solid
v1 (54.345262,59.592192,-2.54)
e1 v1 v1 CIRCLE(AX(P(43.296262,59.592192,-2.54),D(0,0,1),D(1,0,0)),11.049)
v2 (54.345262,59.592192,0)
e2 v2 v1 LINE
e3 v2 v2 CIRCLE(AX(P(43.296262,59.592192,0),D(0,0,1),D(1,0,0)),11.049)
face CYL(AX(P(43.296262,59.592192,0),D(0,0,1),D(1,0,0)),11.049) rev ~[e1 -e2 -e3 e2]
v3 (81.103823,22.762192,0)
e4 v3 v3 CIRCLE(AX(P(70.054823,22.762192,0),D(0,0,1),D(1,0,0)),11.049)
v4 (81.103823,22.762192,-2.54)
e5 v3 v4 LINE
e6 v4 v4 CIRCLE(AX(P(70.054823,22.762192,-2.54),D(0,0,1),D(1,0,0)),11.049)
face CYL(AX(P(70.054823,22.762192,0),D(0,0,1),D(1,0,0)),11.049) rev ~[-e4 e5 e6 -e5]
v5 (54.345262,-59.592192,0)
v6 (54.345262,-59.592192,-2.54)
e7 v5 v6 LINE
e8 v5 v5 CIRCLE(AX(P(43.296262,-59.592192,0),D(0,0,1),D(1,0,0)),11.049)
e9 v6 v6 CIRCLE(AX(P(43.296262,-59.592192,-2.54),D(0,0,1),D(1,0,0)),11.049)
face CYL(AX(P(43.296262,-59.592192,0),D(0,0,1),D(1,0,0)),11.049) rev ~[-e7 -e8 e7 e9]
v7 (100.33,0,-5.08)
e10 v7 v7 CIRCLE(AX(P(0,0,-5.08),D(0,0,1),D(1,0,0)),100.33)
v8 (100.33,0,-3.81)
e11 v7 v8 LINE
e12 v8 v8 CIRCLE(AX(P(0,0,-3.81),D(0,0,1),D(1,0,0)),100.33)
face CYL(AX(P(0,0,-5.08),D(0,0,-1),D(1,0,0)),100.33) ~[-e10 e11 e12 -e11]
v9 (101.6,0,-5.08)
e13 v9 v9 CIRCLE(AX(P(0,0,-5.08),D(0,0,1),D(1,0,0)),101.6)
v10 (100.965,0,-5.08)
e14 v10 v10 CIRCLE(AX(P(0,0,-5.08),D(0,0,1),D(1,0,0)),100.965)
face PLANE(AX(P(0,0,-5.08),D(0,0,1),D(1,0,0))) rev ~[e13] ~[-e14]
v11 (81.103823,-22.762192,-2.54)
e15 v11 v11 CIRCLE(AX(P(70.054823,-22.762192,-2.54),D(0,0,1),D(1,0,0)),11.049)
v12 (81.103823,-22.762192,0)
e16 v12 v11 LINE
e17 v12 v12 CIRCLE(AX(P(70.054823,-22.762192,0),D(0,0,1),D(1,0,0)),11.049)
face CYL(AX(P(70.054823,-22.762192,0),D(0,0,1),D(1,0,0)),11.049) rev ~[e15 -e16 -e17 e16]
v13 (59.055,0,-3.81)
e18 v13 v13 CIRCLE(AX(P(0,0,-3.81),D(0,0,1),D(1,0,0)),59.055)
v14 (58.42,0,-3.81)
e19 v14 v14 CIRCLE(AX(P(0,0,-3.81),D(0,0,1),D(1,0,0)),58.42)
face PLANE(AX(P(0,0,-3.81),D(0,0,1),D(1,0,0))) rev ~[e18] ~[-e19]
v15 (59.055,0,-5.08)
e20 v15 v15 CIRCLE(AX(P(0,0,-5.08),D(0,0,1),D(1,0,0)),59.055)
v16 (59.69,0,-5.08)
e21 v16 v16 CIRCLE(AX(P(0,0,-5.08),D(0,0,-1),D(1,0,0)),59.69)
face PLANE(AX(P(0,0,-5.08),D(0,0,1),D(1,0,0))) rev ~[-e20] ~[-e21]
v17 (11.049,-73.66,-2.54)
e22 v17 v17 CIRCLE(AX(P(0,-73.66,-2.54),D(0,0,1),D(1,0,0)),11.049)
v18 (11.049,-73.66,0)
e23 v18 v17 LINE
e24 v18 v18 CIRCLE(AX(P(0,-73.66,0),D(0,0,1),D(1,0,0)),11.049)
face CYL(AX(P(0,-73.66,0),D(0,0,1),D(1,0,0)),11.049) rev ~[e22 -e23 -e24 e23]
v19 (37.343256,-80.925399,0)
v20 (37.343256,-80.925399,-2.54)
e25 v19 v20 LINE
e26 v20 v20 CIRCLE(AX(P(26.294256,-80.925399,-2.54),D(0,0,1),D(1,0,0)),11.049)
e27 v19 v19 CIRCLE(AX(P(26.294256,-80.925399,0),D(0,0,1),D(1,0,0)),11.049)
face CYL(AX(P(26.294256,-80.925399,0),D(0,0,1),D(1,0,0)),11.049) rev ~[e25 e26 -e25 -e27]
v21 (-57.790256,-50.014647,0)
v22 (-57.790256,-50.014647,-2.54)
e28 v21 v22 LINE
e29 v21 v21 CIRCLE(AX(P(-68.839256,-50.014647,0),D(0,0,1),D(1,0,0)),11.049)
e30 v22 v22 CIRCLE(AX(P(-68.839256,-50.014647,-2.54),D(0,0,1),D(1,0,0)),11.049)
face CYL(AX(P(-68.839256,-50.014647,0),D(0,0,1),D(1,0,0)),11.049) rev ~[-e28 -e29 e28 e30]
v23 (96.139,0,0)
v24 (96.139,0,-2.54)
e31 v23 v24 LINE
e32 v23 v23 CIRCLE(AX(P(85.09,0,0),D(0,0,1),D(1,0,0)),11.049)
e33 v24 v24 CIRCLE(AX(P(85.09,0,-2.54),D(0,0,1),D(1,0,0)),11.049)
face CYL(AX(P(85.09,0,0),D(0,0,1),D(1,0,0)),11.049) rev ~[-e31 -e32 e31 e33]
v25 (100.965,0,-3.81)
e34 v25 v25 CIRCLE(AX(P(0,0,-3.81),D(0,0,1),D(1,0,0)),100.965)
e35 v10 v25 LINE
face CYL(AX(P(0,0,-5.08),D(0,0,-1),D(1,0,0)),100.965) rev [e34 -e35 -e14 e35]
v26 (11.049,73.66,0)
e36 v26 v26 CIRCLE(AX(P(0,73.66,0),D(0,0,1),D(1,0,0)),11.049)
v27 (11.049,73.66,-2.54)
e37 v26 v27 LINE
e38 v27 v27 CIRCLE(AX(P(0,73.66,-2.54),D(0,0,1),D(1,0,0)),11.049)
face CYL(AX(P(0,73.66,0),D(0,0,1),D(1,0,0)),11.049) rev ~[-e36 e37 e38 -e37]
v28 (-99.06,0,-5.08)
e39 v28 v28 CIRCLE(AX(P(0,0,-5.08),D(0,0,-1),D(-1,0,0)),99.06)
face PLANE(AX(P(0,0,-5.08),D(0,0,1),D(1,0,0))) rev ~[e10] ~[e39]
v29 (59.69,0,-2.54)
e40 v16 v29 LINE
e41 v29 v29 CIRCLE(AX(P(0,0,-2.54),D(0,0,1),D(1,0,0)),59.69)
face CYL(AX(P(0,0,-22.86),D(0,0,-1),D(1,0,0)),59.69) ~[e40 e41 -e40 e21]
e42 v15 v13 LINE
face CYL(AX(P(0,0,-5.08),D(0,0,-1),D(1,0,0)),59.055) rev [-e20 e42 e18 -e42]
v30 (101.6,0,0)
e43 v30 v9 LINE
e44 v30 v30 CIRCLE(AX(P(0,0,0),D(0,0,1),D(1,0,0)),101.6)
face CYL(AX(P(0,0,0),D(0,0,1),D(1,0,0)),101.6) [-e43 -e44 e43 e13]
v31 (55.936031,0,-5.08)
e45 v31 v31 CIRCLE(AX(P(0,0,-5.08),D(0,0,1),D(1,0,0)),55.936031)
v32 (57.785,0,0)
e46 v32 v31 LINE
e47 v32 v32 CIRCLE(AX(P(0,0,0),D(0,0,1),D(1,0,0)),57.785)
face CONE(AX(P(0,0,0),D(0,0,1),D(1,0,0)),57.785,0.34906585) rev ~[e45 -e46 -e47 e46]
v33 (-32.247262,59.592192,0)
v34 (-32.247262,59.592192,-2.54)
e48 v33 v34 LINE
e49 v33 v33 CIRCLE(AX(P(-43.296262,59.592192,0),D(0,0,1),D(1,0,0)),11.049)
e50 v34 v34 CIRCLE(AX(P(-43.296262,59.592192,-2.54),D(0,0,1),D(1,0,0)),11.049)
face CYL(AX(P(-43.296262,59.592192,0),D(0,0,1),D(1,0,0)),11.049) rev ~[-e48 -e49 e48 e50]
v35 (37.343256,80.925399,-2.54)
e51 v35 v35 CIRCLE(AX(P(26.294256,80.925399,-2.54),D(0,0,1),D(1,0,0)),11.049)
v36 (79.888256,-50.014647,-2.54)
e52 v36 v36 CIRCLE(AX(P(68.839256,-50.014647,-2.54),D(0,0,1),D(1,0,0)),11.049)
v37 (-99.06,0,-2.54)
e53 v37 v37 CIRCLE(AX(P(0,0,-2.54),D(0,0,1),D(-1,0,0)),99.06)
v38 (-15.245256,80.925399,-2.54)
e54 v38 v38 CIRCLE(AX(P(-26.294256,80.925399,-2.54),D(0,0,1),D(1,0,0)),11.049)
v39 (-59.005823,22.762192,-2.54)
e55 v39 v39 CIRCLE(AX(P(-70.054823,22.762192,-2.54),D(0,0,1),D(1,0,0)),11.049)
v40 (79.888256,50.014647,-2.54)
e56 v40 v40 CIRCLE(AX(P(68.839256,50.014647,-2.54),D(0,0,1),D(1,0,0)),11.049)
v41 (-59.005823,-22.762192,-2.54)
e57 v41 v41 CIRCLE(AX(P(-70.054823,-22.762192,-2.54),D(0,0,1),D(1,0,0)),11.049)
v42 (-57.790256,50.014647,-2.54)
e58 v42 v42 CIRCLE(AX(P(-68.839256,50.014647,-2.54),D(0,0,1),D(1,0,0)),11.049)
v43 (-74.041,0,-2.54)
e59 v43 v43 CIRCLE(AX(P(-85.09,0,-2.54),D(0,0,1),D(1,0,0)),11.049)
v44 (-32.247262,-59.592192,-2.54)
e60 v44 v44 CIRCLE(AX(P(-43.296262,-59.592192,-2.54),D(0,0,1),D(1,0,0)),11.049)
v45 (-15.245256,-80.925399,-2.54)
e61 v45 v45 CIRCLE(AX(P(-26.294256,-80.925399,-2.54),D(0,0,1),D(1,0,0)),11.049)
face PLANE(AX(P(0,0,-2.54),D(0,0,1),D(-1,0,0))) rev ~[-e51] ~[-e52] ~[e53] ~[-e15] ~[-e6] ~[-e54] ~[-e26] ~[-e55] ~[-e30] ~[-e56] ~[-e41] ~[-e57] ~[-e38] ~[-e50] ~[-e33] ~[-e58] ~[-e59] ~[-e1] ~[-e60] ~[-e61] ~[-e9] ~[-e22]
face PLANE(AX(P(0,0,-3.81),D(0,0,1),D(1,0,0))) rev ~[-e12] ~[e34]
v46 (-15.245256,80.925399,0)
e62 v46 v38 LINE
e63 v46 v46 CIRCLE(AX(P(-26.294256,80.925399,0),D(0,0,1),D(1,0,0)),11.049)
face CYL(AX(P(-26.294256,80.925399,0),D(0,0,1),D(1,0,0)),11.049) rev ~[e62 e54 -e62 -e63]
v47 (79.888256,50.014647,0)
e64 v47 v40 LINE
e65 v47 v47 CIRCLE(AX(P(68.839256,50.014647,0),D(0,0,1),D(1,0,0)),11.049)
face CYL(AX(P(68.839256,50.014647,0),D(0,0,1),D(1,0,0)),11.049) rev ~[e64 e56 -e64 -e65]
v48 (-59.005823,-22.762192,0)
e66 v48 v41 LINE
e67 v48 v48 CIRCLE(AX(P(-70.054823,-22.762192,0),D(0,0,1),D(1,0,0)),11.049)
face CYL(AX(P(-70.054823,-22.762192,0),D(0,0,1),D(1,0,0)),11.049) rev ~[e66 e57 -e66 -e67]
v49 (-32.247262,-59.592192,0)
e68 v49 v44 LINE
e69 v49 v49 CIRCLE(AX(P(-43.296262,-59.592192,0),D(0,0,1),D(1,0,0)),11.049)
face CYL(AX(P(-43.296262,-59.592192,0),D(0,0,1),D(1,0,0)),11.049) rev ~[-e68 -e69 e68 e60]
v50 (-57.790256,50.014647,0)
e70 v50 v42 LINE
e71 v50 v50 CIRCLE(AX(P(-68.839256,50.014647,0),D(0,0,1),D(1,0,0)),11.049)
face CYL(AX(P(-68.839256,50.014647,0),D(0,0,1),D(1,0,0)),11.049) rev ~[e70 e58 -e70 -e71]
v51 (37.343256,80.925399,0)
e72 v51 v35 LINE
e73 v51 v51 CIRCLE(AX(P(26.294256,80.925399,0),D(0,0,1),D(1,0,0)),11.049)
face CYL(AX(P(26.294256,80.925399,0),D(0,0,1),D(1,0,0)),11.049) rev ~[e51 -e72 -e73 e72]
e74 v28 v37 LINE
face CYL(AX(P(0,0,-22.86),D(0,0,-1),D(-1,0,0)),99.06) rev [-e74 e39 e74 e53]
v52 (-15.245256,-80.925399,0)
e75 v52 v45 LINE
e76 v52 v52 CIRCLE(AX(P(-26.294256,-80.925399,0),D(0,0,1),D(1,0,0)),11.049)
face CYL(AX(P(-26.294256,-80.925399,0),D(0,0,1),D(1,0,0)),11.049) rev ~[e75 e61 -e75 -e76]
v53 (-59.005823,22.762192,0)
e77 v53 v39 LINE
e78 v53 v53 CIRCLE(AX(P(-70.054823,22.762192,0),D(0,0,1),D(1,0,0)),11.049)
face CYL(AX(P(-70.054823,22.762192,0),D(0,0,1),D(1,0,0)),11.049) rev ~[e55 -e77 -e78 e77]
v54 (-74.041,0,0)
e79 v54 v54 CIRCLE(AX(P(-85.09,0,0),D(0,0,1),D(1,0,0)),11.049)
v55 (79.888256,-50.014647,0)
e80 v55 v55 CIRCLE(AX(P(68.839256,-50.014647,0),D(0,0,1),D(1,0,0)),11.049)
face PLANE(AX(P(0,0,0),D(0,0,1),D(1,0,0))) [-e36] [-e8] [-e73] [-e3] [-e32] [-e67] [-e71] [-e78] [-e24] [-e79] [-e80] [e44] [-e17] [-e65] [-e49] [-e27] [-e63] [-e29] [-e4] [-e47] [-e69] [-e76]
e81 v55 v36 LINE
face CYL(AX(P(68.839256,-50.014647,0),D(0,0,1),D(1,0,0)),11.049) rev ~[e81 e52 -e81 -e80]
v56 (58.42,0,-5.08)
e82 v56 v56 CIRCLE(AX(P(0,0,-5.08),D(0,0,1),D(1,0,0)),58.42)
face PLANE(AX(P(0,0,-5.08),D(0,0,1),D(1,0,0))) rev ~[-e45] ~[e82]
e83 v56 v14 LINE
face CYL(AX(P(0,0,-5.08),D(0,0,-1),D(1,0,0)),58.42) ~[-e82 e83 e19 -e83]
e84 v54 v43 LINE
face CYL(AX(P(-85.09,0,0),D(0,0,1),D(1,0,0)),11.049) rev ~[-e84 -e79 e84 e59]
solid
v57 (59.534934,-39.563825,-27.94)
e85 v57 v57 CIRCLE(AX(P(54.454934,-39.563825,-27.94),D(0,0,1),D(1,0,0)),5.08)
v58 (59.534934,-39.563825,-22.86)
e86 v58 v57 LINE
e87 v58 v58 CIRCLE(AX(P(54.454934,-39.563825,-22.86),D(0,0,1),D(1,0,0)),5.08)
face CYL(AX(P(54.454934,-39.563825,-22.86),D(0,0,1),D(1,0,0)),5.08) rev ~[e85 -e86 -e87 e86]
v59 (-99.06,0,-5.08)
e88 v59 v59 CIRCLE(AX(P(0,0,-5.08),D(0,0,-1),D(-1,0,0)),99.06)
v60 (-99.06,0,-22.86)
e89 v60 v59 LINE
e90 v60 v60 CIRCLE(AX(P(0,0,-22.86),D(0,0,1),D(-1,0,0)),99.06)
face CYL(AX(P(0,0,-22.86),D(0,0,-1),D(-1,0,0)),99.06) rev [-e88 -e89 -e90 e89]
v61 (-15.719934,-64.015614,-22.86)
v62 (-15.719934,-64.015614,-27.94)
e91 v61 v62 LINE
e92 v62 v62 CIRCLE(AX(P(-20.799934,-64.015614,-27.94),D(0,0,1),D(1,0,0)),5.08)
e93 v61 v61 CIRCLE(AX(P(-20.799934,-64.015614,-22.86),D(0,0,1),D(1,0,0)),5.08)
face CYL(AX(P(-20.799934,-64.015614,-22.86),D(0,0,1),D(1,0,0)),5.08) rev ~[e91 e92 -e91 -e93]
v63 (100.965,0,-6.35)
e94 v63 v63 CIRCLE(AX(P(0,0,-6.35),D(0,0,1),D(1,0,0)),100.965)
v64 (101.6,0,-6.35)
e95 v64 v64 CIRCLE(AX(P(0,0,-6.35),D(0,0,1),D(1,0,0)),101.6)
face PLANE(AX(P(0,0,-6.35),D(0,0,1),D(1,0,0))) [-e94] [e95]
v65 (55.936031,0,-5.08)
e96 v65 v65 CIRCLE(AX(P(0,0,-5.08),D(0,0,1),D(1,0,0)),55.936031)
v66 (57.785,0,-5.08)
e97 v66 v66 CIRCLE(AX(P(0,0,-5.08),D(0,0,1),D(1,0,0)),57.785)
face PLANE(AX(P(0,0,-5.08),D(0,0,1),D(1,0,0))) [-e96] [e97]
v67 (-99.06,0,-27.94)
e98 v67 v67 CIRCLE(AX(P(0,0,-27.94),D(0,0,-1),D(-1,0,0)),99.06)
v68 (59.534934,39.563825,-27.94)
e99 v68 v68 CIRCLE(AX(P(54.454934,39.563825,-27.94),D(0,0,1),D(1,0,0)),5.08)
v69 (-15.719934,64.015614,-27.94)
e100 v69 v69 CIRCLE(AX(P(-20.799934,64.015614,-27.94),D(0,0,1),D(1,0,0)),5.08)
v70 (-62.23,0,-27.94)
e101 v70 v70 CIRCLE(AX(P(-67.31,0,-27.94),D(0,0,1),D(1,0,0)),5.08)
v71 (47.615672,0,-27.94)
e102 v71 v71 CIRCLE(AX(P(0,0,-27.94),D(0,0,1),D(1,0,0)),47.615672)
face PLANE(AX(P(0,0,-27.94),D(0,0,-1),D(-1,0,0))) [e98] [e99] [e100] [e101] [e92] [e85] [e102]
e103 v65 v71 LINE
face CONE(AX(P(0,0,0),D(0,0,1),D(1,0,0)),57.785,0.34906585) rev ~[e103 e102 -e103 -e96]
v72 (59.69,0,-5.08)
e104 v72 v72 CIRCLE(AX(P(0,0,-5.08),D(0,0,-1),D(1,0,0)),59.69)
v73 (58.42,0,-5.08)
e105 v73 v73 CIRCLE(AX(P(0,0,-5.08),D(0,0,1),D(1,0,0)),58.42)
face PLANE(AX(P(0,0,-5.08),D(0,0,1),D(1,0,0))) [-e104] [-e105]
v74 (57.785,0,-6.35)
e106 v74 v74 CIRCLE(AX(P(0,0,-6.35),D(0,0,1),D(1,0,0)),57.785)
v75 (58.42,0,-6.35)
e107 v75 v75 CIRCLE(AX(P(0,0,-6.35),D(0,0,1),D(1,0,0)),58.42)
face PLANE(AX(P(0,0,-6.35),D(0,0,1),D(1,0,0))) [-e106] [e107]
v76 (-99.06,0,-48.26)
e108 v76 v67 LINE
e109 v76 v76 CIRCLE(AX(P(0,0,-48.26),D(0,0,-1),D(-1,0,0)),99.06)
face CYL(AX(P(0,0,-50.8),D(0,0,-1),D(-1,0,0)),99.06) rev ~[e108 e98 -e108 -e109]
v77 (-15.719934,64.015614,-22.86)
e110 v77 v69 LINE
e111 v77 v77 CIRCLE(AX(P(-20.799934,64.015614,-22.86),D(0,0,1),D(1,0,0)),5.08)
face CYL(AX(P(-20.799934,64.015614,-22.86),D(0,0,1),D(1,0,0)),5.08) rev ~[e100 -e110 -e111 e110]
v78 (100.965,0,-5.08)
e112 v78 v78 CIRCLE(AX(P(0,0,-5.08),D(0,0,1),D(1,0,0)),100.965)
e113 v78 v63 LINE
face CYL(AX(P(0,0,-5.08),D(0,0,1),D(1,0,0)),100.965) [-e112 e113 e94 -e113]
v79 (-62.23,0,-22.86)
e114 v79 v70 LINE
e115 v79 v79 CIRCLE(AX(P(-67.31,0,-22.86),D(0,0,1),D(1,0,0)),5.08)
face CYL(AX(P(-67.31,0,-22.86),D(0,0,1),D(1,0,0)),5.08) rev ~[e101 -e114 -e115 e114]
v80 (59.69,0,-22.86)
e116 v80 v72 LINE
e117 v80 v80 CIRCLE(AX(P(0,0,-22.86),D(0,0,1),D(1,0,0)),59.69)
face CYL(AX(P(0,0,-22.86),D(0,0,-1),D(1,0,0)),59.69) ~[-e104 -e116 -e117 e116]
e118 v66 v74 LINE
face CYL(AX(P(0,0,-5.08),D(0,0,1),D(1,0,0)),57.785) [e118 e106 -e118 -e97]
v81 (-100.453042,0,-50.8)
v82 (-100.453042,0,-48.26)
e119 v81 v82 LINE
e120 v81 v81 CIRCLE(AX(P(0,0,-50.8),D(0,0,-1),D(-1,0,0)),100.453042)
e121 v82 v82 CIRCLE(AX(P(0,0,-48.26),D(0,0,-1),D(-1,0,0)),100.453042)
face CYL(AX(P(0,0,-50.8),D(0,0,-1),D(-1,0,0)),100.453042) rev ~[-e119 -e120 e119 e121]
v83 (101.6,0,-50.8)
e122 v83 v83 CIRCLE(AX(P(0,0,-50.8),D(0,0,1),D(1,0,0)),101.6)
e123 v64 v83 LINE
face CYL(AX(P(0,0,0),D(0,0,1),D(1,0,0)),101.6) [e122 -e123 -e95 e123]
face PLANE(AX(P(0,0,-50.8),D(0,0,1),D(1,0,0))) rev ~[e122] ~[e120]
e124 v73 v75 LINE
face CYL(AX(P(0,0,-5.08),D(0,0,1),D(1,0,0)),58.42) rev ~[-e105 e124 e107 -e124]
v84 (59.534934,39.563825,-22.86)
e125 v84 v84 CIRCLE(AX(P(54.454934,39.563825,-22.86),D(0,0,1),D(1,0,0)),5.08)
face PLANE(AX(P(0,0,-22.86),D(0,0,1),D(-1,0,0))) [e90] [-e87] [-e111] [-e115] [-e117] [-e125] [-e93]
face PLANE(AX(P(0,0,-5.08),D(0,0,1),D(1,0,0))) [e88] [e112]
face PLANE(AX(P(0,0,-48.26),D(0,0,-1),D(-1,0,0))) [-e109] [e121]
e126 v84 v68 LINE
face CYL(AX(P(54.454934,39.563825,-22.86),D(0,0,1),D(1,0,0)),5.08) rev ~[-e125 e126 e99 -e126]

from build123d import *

# Parameters (mm, degrees)
SKETCH1_R           = 101.6
BOSS_EXTRUDE2_DEPTH = 50.8
SKETCH5_R           = 57.785
CUT_EXTRUDE1_DEPTH  = 50.8
CUT_EXTRUDE1_DRAFT  = -20
SKETCH6_R           = 11.049
CUT_EXTRUDE2_DEPTH  = 22.86
SKETCH7_R           = 11.049
CUT_EXTRUDE3_DEPTH  = 22.86
SKETCH8_R           = 99.06
CUT_EXTRUDE4_DEPTH  = 22.86
SKETCH11_R          = 99.06
SKETCH11_R_2        = 59.69
CUT_EXTRUDE6_DEPTH  = 20.32
SKETCH12_R          = 5.08
CUT_EXTRUDE7_DEPTH  = 5.08
SKETCH14_R          = 100.453041608
CUT_EXTRUDE8_DEPTH  = 2.54
SKETCH20_R          = 101.6
SKETCH20_R_2        = 100.965
CUT_EXTRUDE12_DEPTH = 1.27
SKETCH21_R          = 100.965
SKETCH21_R_2        = 100.33
CUT_EXTRUDE13_DEPTH = 1.27
SKETCH22_R          = 58.42
SKETCH22_R_2        = 57.785
CUT_EXTRUDE14_DEPTH = 1.27
SKETCH24_R          = 59.055
SKETCH24_R_2        = 58.42
CUT_EXTRUDE16_DEPTH = 1.27


with BuildPart() as part:
    # Sketch1 → Boss-Extrude2 (new body)
    with BuildSketch(Plane.XY):
        Circle(SKETCH1_R)
    extrude(amount=-BOSS_EXTRUDE2_DEPTH)


with BuildPart() as cut_extrude1_tool:
    # Sketch5 → Cut-Extrude1 (with draft: the straight prism first)
    with BuildSketch(Plane.XY):
        Circle(SKETCH5_R)
    extrude(amount=-CUT_EXTRUDE1_DEPTH)
    # Cut-Extrude1: the draft: its side faces are tilted about the plane it starts from
    cut_extrude1_sides = [cut_extrude1_tool.faces().sort_by_distance(p)[0] for p in [
        (-57.785, 0, -25.4),
    ]]
    draft(cut_extrude1_sides, Plane.XY, CUT_EXTRUDE1_DRAFT)


with BuildPart() as part_1:
    add(part.part)

    # Cut-Extrude1: cut by cut_extrude1_tool
    add(cut_extrude1_tool.part, mode=Mode.SUBTRACT)

    # Sketch6 → Cut-Extrude2 (cut)
    with BuildSketch(Plane.XY):
        with Locations((0, 73.66)):
            Circle(SKETCH6_R)
        with Locations((43.296261684, 59.592191806)):
            Circle(SKETCH6_R)
        with Locations((70.05482299, 22.762191806)):
            Circle(SKETCH6_R)
        with Locations((70.05482299, -22.762191806)):
            Circle(SKETCH6_R)
        with Locations((43.296261684, -59.592191806)):
            Circle(SKETCH6_R)
        with Locations((0, -73.66)):
            Circle(SKETCH6_R)
        with Locations((-43.296261684, -59.592191806)):
            Circle(SKETCH6_R)
        with Locations((-70.05482299, -22.762191806)):
            Circle(SKETCH6_R)
        with Locations((-70.05482299, 22.762191806)):
            Circle(SKETCH6_R)
        with Locations((-43.296261684, 59.592191806)):
            Circle(SKETCH6_R)
    extrude(amount=-CUT_EXTRUDE2_DEPTH, mode=Mode.SUBTRACT)

    # Sketch7 → Cut-Extrude3 (cut)
    with BuildSketch(Plane.XY):
        with Locations((-85.09, 0)):
            Circle(SKETCH7_R)
        with Locations((-68.839256051, 50.014647118)):
            Circle(SKETCH7_R)
        with Locations((-26.294256051, 80.925398972)):
            Circle(SKETCH7_R)
        with Locations((26.294256051, 80.925398972)):
            Circle(SKETCH7_R)
        with Locations((68.839256051, 50.014647118)):
            Circle(SKETCH7_R)
        with Locations((85.09, 0)):
            Circle(SKETCH7_R)
        with Locations((68.839256051, -50.014647118)):
            Circle(SKETCH7_R)
        with Locations((26.294256051, -80.925398972)):
            Circle(SKETCH7_R)
        with Locations((-26.294256051, -80.925398972)):
            Circle(SKETCH7_R)
        with Locations((-68.839256051, -50.014647118)):
            Circle(SKETCH7_R)
    extrude(amount=-CUT_EXTRUDE3_DEPTH, mode=Mode.SUBTRACT)

    # Sketch8 → Cut-Extrude4 (cut)
    with BuildSketch(Plane(origin=(0, 0, -50.8), x_dir=(-1, 0, 0), z_dir=(0, 0, -1))):
        Circle(SKETCH8_R)
    extrude(amount=-CUT_EXTRUDE4_DEPTH, mode=Mode.SUBTRACT)

    # Sketch11 → Cut-Extrude6 (cut)
    with BuildSketch(Plane.XY.offset(-22.86)):
        with Locations(Location((0, 0, 0), (0, 0, 180))):
            Circle(SKETCH11_R)
        Circle(SKETCH11_R_2, mode=Mode.SUBTRACT)
    extrude(amount=CUT_EXTRUDE6_DEPTH, mode=Mode.SUBTRACT)

    # Sketch12 → Cut-Extrude7 (cut)
    with BuildSketch(Plane.XY.offset(-22.86)):
        with Locations((-67.31, 0)):
            Circle(SKETCH12_R)
        with Locations((-20.799933891, 64.015614112)):
            Circle(SKETCH12_R)
        with Locations((54.454933891, 39.563825332)):
            Circle(SKETCH12_R)
        with Locations((54.454933891, -39.563825332)):
            Circle(SKETCH12_R)
        with Locations((-20.799933891, -64.015614112)):
            Circle(SKETCH12_R)
    extrude(amount=-CUT_EXTRUDE7_DEPTH, mode=Mode.SUBTRACT)


with BuildPart() as body_2:
    # Split1: the piece on the far side of the plane
    add(part_1.part)
    split(bisect_by=Plane.XY.offset(-5.08), keep=Keep.BOTTOM)

    # Sketch14 → Cut-Extrude8 (cut)
    with BuildSketch(Plane(origin=(0, 0, -50.8), x_dir=(-1, 0, 0), z_dir=(0, 0, -1))):
        Circle(SKETCH14_R)
    extrude(amount=-CUT_EXTRUDE8_DEPTH, mode=Mode.SUBTRACT)

    # Sketch20 → Cut-Extrude12 (cut)
    with BuildSketch(Plane.XY.offset(-5.08)):
        Circle(SKETCH20_R)
        Circle(SKETCH20_R_2, mode=Mode.SUBTRACT)
    extrude(amount=-CUT_EXTRUDE12_DEPTH, mode=Mode.SUBTRACT)

    # Sketch22 → Cut-Extrude14 (cut)
    with BuildSketch(Plane.XY.offset(-5.08)):
        Circle(SKETCH22_R)
        Circle(SKETCH22_R_2, mode=Mode.SUBTRACT)
    extrude(amount=-CUT_EXTRUDE14_DEPTH, mode=Mode.SUBTRACT)


with BuildPart() as part_2:
    add(part_1.part)

    # Split1
    split(bisect_by=Plane.XY.offset(-5.08), keep=Keep.TOP)

    # Sketch21 → Cut-Extrude13 (cut)
    with BuildSketch(Plane.XY.offset(-5.08)):
        Circle(SKETCH21_R)
        Circle(SKETCH21_R_2, mode=Mode.SUBTRACT)
    extrude(amount=CUT_EXTRUDE13_DEPTH, mode=Mode.SUBTRACT)

    # Sketch24 → Cut-Extrude16 (cut)
    with BuildSketch(Plane.XY.offset(-5.08)):
        Circle(SKETCH24_R)
        Circle(SKETCH24_R_2, mode=Mode.SUBTRACT)
    extrude(amount=CUT_EXTRUDE16_DEPTH, mode=Mode.SUBTRACT)


solid = Compound([body_2.part, part_2.part])
